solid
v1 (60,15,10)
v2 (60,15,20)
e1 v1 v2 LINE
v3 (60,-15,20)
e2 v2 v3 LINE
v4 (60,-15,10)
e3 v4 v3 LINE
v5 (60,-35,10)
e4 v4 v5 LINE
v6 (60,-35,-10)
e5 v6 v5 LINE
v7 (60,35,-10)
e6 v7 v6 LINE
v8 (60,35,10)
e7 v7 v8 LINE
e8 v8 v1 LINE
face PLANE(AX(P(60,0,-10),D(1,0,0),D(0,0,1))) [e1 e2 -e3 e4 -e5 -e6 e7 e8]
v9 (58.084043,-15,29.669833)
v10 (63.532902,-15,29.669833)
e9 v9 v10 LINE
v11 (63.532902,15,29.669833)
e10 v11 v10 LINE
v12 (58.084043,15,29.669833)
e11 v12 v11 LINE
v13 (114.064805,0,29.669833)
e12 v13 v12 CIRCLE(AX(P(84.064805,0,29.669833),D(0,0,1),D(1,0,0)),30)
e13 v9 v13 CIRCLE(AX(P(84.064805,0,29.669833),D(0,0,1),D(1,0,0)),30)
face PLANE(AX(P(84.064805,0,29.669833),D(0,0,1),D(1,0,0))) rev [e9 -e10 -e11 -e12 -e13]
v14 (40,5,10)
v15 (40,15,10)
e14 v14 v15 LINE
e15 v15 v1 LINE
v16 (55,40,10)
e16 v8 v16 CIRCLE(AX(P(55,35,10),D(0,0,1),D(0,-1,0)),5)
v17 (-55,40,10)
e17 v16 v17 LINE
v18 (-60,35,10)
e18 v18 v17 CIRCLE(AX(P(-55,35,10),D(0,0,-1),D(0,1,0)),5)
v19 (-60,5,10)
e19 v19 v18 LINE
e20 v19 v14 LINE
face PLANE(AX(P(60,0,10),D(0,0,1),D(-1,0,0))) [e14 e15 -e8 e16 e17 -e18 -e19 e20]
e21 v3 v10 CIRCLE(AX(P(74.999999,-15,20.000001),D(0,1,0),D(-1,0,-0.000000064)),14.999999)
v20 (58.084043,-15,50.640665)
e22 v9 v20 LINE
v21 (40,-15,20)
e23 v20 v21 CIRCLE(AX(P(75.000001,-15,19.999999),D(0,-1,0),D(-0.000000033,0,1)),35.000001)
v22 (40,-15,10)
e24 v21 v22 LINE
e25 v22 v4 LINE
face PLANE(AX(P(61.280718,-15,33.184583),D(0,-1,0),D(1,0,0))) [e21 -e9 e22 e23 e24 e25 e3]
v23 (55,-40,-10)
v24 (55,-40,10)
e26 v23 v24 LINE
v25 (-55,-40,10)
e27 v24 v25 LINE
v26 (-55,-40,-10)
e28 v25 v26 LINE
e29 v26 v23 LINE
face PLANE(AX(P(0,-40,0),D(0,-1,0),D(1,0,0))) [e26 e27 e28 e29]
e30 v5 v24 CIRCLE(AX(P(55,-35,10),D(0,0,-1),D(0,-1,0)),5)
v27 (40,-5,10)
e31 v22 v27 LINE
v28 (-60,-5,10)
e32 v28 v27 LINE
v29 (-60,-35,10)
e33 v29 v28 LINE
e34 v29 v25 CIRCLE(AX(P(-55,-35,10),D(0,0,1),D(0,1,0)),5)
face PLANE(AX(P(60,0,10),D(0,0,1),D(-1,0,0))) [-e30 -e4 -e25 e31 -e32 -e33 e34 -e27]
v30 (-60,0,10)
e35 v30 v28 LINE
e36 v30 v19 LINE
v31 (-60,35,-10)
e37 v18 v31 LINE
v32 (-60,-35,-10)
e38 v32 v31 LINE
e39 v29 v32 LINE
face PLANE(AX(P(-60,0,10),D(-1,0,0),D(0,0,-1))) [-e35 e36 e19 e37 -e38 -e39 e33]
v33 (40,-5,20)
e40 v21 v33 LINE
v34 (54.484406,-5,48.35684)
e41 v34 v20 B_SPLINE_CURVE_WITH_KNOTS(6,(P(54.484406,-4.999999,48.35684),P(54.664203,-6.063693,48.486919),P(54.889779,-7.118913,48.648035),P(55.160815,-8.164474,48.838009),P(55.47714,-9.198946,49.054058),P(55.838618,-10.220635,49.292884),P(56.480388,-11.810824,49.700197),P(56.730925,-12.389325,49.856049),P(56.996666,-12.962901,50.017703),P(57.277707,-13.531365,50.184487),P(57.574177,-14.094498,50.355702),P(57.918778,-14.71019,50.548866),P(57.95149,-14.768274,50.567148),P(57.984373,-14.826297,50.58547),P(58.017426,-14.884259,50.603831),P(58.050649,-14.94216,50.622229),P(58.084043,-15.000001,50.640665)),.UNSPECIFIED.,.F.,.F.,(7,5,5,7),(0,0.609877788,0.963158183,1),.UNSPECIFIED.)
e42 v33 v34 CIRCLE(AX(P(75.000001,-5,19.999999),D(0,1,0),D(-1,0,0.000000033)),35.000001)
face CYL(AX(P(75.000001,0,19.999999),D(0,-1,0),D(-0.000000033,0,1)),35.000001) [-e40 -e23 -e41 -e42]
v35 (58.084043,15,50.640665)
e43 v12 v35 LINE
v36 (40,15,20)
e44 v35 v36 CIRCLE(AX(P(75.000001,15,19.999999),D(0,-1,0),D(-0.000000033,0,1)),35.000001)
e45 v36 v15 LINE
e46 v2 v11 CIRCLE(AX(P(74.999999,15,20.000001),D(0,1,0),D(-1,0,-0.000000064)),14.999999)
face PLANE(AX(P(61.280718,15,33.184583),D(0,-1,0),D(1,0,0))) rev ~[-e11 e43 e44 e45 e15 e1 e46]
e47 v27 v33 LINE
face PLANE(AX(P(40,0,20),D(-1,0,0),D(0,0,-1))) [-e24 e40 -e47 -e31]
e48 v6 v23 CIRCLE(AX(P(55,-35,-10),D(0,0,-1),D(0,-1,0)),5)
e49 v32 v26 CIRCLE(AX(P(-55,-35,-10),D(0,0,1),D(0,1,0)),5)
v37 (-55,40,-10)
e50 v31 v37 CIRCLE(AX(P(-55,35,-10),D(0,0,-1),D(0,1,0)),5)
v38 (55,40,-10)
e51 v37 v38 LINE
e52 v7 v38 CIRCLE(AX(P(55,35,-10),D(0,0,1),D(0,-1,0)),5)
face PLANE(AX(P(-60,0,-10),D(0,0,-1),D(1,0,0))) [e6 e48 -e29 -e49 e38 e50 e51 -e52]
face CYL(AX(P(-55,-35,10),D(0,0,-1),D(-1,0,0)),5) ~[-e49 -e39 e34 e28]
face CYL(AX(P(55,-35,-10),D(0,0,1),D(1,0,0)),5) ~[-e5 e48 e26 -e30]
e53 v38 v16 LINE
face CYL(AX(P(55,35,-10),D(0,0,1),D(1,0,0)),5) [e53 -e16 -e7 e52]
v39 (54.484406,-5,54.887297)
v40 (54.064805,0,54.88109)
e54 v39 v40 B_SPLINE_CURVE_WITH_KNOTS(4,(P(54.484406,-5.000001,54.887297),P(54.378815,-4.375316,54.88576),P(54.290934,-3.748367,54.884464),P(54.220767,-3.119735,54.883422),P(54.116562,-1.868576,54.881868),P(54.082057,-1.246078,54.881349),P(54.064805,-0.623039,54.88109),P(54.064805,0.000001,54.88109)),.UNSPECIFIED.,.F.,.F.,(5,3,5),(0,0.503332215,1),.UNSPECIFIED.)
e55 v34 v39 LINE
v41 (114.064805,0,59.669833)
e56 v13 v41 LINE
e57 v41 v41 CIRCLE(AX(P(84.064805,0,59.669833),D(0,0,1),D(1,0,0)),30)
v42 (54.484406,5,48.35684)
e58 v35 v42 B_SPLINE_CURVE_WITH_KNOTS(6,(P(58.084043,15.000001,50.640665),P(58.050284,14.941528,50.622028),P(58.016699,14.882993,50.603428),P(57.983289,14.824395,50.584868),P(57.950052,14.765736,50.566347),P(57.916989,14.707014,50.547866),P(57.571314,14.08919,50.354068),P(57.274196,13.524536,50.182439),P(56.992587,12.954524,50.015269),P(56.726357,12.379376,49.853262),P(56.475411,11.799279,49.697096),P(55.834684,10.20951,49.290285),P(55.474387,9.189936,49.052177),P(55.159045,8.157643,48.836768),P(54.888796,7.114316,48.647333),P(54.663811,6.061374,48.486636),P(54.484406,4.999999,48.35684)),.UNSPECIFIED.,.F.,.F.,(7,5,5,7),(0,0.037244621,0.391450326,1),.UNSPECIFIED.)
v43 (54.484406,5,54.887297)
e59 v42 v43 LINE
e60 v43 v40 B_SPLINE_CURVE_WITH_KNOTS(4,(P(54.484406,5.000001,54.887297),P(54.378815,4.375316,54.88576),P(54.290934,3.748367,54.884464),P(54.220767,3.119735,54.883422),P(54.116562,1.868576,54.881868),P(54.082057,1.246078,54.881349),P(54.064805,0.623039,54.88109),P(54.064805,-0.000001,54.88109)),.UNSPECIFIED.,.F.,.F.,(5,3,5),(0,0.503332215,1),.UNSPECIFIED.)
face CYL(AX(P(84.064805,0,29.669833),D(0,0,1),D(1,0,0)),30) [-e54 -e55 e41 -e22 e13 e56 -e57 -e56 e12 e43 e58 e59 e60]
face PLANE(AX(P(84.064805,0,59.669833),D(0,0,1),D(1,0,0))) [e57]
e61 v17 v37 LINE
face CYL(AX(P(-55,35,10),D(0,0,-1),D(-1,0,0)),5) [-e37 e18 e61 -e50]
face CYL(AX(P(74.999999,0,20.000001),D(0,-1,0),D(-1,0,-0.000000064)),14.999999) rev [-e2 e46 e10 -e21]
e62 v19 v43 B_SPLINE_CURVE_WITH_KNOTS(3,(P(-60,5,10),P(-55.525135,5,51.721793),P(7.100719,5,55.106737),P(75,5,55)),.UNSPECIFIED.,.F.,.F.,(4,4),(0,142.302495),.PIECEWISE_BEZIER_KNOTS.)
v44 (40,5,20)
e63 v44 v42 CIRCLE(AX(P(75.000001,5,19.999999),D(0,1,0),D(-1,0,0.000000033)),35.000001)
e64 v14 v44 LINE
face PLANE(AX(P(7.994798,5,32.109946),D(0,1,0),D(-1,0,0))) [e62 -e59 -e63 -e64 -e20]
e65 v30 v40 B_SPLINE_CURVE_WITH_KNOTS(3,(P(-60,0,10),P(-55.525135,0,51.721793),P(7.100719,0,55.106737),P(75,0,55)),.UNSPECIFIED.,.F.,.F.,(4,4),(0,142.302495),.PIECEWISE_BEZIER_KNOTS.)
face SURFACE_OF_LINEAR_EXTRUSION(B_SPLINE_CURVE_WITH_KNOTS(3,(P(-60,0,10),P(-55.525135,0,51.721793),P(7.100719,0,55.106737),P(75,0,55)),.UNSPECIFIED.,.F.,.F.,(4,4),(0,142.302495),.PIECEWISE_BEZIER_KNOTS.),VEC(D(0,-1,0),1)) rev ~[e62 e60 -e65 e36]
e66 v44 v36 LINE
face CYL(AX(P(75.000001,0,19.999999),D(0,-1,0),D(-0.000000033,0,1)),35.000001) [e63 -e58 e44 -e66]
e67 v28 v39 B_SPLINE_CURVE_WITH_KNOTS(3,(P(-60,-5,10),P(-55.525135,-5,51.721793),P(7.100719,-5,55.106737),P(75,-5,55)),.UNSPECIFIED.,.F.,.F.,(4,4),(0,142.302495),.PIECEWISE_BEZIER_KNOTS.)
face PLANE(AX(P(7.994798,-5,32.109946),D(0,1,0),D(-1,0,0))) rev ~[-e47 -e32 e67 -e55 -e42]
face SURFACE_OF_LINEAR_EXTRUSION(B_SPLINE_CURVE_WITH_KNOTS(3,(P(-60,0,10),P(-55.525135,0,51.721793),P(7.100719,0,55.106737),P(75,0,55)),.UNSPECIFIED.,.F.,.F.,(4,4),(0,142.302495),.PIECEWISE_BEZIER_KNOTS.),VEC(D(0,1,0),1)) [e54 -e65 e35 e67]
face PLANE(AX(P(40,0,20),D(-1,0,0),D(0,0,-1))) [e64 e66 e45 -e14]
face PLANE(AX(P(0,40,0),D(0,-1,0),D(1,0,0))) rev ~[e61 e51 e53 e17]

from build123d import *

# Parameters (mm, degrees)
F1_DEPTH = 40
F2_DEPTH = 15
F3_DEPTH = 5
F5_R     = 5


with BuildPart() as f1:
    # F0 (on Front) → F1 (new body, symmetric)
    with BuildSketch(Plane.XZ):
        Polygon((-60, -10), (60, -10), (60, 10), (40, 10), (-60, 10), align=None)
    extrude(amount=F1_DEPTH, both=True)

    # F0 (on Front) → F2 (join, symmetric)
    with BuildSketch(Plane.XZ):
        with BuildLine():
            Line((40, 10), (60, 10))
            Line((60, 10), (60, 20))
            ThreePointArc((60, 20), (64.393398, 30.606602), (75, 35))
            Line((75, 35), (84.064805, 35))
            Line((84.064805, 35), (84.064805, 55))
            Line((84.064805, 55), (75, 55))
            ThreePointArc((75, 55), (50.251263, 44.748737), (40, 20))
            Line((40, 20), (40, 10))
        make_face()
    extrude(amount=F2_DEPTH, both=True)

    # F0 (on Front) → F3 (join, symmetric)
    with BuildSketch(Plane.XZ):
        with BuildLine():
            add(Edge.make_bspline(
                [(-60, 10), (-55.525135, 51.721793), (7.100719, 55.106737), (75, 55)],
                knots=[0, 0, 0, 0, 142.302495, 142.302495, 142.302495, 142.302495], degree=3))
            Line((-60, 10), (40, 10))
            Line((40, 10), (40, 20))
            ThreePointArc((40, 20), (50.251263, 44.748737), (75, 55))
        make_face()
    extrude(amount=F3_DEPTH, both=True)

    # F0 (on Front) → F4 (revolve)
    with BuildSketch(Plane.XZ):
        Polygon((84.064805, 59.669833), (84.064805, 55), (84.064805, 35), (84.064805, 29.669833), (114.064805, 29.669833), (114.064805, 59.669833), align=None)
    revolve(axis=Axis((84.064805, 0, 44.669833), (0, 0, 1)))

    # F5
    f5_edges = [f1.edges().sort_by_distance(p)[0] for p in [
        (-60, -40, 0),
        (60, -40, 0),
        (60, 40, 0),
        (-60, 40, 0),
    ]]
    fillet(f5_edges, radius=F5_R)


solid = f1.part
